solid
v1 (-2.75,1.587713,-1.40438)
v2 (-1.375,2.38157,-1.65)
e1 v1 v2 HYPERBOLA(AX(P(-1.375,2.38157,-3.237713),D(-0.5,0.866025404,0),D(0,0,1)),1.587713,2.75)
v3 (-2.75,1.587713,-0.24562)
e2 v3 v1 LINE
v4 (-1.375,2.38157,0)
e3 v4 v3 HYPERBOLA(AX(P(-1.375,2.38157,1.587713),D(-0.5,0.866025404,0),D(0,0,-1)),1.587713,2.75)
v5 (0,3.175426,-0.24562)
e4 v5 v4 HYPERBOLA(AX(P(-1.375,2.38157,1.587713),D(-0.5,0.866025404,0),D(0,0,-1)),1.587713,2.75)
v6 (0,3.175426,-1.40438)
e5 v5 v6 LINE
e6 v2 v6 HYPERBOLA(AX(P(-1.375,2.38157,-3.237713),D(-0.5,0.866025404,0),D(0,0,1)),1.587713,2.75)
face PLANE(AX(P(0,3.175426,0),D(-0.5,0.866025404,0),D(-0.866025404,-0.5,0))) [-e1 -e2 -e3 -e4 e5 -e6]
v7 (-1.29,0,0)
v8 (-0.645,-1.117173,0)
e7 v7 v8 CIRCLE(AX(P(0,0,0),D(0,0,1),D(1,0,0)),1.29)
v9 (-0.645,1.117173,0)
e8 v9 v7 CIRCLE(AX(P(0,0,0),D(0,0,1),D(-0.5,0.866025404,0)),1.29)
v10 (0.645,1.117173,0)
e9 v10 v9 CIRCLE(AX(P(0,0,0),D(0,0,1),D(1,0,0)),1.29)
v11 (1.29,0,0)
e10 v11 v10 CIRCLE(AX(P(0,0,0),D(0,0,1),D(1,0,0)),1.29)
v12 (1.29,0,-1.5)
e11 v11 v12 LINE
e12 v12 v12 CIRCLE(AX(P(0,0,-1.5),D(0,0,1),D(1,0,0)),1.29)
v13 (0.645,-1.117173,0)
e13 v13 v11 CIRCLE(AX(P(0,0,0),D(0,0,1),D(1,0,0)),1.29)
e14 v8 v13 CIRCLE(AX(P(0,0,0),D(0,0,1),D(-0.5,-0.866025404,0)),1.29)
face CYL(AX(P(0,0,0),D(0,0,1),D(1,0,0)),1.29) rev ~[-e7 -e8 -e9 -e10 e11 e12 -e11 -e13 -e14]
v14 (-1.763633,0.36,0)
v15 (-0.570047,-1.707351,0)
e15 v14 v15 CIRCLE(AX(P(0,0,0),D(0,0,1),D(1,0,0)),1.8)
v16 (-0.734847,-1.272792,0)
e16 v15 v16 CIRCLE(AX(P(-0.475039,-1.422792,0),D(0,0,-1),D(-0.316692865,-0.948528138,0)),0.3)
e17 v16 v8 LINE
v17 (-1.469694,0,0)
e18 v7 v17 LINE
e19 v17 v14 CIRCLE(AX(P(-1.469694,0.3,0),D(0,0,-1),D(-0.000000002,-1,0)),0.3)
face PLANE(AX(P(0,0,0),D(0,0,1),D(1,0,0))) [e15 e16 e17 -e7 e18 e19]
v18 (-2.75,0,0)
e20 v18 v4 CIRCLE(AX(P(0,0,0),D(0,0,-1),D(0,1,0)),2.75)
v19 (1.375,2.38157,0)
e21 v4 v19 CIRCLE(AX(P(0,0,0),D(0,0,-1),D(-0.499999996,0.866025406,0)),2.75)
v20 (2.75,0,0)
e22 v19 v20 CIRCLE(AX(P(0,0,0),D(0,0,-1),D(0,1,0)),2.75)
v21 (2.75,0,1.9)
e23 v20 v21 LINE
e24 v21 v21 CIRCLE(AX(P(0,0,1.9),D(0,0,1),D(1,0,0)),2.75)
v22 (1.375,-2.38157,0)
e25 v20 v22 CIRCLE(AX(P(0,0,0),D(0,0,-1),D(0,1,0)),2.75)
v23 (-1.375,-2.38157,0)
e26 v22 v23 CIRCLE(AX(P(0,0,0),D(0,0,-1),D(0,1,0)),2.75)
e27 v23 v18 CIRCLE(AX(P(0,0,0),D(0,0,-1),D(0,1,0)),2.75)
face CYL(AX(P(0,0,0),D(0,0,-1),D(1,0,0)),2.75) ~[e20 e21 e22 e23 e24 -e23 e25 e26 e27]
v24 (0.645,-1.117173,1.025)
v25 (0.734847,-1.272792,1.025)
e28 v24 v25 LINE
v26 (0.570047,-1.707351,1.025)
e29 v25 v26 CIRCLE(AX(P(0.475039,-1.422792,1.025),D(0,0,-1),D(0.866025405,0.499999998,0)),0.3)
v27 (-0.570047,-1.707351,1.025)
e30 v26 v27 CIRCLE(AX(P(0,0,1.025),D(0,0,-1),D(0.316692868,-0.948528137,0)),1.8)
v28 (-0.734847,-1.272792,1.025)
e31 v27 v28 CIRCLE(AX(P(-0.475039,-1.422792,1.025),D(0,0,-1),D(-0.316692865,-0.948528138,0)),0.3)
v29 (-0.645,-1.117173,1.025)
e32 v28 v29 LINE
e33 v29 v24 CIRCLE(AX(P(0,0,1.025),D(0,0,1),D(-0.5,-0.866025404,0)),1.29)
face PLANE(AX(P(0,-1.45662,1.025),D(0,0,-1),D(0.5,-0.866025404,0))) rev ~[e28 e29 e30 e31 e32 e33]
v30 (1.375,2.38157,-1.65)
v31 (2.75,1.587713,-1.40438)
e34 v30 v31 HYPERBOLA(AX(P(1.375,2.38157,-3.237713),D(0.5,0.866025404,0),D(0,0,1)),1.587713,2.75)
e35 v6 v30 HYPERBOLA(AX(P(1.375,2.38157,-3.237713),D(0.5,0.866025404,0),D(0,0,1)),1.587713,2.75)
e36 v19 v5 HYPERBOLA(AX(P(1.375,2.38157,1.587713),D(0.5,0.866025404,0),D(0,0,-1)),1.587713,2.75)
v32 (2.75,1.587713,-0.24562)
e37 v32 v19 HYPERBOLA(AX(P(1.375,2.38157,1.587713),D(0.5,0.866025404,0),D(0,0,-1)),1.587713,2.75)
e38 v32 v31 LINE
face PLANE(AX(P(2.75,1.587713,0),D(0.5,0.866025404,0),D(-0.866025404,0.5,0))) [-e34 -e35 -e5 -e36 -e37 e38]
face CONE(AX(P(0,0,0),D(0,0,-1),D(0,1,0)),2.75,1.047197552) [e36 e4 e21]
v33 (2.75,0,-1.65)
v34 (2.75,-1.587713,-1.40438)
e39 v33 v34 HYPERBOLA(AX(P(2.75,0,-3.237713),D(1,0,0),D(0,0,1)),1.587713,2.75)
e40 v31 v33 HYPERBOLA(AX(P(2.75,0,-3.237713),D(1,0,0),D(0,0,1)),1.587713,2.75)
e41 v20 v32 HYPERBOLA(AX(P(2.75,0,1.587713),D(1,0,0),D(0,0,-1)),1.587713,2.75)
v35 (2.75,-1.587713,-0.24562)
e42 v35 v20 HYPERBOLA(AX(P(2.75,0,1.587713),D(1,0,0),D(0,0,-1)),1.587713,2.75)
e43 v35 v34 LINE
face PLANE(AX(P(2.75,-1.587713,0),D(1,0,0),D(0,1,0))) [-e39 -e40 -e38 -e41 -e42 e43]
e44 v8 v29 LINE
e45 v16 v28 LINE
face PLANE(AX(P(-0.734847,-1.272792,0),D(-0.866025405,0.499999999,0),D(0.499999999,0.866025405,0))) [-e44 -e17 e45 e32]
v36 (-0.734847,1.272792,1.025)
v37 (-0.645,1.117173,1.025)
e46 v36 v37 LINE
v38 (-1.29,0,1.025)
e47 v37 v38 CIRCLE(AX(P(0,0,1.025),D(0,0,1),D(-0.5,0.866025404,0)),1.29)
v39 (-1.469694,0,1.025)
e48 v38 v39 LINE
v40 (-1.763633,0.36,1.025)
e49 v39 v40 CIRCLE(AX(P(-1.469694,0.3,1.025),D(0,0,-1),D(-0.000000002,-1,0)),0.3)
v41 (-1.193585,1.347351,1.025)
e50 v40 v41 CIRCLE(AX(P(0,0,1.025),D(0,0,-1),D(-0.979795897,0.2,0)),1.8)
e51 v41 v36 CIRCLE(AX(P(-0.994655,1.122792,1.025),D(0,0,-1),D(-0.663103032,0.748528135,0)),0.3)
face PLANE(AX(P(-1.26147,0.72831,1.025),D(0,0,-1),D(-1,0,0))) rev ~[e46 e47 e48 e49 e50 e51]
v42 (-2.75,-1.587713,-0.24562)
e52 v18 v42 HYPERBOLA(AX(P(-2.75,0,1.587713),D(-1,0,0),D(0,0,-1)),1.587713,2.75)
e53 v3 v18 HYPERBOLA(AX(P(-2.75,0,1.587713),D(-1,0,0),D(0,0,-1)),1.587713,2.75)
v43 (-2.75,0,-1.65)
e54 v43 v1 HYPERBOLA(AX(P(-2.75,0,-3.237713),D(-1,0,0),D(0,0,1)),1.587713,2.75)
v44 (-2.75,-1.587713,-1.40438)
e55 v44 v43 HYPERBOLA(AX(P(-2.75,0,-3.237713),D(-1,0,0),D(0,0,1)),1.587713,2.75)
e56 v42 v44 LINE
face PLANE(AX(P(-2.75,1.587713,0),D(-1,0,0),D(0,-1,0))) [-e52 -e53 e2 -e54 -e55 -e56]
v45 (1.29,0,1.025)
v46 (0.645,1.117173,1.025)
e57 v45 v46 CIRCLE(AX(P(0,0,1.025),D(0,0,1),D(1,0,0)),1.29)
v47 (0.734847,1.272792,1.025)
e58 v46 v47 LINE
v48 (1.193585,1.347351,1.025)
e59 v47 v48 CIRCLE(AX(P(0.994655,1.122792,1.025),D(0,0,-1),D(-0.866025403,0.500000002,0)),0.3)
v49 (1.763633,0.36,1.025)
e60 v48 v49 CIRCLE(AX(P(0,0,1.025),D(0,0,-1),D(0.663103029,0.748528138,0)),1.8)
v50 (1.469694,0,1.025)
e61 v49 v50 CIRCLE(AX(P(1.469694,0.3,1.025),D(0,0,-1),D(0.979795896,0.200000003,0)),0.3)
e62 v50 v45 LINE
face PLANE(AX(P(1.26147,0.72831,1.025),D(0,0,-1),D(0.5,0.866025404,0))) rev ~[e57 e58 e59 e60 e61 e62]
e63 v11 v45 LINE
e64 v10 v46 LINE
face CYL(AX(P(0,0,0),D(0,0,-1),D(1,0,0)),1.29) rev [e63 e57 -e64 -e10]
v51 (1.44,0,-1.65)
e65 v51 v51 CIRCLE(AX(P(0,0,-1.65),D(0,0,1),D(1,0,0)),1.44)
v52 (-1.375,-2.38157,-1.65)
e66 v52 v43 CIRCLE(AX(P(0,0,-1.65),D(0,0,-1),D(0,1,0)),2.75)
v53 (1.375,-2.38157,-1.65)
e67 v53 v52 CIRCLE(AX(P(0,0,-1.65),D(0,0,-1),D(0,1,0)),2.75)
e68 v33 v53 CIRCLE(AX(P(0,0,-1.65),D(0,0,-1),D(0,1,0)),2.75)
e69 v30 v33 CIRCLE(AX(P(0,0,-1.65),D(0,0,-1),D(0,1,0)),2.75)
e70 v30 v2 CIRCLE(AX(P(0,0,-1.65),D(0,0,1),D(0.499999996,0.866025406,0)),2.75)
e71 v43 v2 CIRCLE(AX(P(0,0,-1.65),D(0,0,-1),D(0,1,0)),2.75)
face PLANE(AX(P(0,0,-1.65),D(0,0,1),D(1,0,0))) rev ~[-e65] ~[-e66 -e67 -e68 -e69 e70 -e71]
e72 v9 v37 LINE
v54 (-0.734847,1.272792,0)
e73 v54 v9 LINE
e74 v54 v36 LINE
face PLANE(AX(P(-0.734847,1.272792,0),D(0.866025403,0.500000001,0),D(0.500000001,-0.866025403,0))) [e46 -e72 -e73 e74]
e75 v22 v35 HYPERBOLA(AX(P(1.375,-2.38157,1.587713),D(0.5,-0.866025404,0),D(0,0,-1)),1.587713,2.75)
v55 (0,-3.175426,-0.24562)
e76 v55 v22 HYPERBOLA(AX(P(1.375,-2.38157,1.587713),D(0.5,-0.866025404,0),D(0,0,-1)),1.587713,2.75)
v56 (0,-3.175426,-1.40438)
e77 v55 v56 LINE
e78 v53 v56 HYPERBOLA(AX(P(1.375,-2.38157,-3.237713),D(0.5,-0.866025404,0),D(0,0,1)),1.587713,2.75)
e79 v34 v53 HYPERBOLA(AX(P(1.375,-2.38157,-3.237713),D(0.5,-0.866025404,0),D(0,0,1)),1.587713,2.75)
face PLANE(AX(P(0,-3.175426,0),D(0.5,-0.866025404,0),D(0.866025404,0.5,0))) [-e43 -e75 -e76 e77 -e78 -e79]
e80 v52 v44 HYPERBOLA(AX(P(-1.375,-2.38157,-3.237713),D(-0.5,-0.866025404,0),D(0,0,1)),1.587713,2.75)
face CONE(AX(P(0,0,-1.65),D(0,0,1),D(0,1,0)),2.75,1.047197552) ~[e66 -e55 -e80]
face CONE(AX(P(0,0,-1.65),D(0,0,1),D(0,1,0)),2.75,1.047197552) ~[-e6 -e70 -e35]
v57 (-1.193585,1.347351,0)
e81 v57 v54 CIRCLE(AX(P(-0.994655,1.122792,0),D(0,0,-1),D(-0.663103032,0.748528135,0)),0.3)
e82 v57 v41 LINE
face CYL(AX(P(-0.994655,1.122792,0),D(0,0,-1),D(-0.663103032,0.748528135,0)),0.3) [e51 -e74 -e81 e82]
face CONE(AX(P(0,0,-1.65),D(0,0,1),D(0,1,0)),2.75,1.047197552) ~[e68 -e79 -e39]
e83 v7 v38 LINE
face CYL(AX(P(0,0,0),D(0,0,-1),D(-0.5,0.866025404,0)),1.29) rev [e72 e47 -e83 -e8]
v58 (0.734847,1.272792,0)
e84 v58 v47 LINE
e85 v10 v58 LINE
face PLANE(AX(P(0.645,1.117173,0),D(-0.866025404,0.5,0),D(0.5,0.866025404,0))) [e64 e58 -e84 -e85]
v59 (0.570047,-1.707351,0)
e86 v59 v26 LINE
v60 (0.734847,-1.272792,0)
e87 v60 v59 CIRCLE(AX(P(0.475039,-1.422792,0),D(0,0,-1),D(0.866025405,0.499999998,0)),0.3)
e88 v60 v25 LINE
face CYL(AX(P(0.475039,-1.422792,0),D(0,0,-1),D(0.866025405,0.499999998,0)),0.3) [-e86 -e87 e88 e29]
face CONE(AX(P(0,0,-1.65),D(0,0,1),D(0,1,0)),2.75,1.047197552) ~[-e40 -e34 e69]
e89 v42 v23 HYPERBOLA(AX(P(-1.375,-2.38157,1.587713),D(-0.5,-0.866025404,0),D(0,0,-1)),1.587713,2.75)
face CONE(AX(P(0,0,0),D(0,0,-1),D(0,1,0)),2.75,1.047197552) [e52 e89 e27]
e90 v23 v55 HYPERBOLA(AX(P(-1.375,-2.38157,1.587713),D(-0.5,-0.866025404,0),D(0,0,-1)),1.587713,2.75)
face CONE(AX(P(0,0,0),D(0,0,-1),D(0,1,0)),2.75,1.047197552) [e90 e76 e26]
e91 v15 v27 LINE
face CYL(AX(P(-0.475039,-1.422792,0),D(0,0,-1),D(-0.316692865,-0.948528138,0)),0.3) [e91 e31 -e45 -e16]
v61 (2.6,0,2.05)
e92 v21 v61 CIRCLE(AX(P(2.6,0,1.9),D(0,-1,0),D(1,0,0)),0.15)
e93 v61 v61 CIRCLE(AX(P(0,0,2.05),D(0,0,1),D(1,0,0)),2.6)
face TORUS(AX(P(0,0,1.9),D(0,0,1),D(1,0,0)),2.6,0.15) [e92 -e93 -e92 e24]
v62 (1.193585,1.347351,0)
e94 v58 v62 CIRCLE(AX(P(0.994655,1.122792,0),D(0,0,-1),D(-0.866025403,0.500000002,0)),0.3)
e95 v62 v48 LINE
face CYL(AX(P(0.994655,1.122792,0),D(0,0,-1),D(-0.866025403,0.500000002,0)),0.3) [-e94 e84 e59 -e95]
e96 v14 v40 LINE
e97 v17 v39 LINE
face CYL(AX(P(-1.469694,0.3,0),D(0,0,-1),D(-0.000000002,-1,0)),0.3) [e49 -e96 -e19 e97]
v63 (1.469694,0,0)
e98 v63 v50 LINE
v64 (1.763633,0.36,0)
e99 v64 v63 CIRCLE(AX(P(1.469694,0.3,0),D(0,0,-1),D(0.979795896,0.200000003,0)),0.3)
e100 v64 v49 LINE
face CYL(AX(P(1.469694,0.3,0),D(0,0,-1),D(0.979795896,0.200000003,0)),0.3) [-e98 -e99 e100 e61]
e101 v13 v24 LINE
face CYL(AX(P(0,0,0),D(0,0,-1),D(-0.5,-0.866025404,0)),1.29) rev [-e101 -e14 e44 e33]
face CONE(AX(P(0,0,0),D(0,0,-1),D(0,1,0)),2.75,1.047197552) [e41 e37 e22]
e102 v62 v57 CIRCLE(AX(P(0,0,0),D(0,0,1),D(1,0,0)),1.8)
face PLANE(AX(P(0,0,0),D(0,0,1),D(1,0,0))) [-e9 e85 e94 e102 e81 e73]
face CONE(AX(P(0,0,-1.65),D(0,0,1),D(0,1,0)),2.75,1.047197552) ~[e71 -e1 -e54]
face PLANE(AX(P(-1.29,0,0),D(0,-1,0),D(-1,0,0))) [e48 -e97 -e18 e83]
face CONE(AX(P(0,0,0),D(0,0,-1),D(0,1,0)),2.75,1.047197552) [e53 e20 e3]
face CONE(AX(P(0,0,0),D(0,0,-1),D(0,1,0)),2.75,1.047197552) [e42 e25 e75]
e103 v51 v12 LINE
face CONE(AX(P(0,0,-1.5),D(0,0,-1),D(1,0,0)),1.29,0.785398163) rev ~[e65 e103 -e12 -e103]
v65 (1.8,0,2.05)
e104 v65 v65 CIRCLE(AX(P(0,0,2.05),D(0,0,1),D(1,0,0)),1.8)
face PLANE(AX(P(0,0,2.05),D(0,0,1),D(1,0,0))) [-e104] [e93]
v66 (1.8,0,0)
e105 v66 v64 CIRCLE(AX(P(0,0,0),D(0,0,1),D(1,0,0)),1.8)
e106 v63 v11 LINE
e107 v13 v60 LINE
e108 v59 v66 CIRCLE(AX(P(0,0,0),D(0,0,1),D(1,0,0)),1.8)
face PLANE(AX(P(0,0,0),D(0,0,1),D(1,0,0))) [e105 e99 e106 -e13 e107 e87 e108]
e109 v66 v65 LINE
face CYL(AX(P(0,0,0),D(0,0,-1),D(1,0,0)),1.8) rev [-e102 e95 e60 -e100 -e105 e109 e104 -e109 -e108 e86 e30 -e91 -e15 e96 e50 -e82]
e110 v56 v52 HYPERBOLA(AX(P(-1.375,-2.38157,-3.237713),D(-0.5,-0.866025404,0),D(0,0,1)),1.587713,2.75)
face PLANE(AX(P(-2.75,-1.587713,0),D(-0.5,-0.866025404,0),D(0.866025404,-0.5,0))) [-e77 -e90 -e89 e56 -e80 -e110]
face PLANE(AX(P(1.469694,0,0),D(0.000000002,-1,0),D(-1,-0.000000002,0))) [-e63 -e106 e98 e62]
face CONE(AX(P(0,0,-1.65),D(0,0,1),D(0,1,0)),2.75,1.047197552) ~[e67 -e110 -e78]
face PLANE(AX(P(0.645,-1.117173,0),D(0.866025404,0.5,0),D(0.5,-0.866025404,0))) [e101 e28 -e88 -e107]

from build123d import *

# Parameters (mm, degrees)
SKETCH_1_R               = 1.29
EXTRUDE_1_DEPTH          = 1.65
CHAMFER_1_SIZE           = 0.15
SKETCH_3_R               = 2.75
SKETCH_3_R_2             = 1.8
EXTRUDE_2_DEPTH          = 2.05
FILLET_1_R               = 0.15
EXTRUDE_3_DEPTH          = 1.025
PATTERN_CIRCULAR_1_COUNT = 3


with BuildPart() as part:
    # 草图1 → 凸台-拉伸1 (new body)
    with BuildSketch(Plane.XY):
        Polygon((0, 3.175426481), (-2.75, 1.58771324), (-2.75, -1.58771324), (0, -3.175426481), (2.75, -1.58771324), (2.75, 1.58771324), align=None)
        Circle(SKETCH_1_R, mode=Mode.SUBTRACT)
    extrude(amount=-EXTRUDE_1_DEPTH)

    # 草图2 → 切除-旋转1 (revolve, cut)
    with BuildSketch(Plane(origin=(0, 0, 0), x_dir=(0, 0, -1), z_dir=(1, 0, 0))):
        Polygon((0, 2.75), (0.245620093, 3.175426481), (0, 3.175426481), align=None)
        Polygon((1.65, 2.75), (1.404379907, 3.175426481), (1.65, 3.175426481), align=None)
    revolve(axis=Axis((0, 0, 0), (0, 0, -1)), mode=Mode.SUBTRACT)

    # 倒角1
    chamfer_1_edges = [part.edges().sort_by_distance(p)[0] for p in [
        (-1.29, 0, -1.65),
    ]]
    chamfer(chamfer_1_edges, length=CHAMFER_1_SIZE)

    # 草图3 → 凸台-拉伸2 (add)
    with BuildSketch(Plane.XY):
        Circle(SKETCH_3_R)
        Circle(SKETCH_3_R_2, mode=Mode.SUBTRACT)
    extrude(amount=EXTRUDE_2_DEPTH)

    # 圆角1
    fillet_1_edges = [part.edges().sort_by_distance(p)[0] for p in [
        (-2.75, 0, 2.05),
    ]]
    fillet(fillet_1_edges, radius=FILLET_1_R)

    # 草图4 → 凸台-拉伸3 (add)
    with BuildSketch(Plane.XY):
        with BuildLine():
            Line((-1.29, 0), (-1.469693846, 0))
            ThreePointArc((-1.469693846, 0), (-1.702072846, 0.11026334), (-1.763632615, 0.36))
            ThreePointArc((-1.763632615, 0.36), (-1.558845727, 0.9), (-1.193585453, 1.347350647))
            ThreePointArc((-1.193585453, 1.347350647), (-0.946527277, 1.418906654), (-0.734846923, 1.272792206))
            Line((-0.734846923, 1.272792206), (-0.645, 1.117172771))
            ThreePointArc((-0.645, 1.117172771), (-1.117172771, 0.645), (-1.29, 0))
        make_face()
    extrude_3 = extrude(amount=EXTRUDE_3_DEPTH)

    # 阵列(圆周)1: 凸台-拉伸3 ×3 about axis
    pattern_circular_1_axis = Axis((0, 0, 0), (0, 0, 1))
    for i in range(1, PATTERN_CIRCULAR_1_COUNT):
        add(extrude_3.rotate(pattern_circular_1_axis, i * 360 / PATTERN_CIRCULAR_1_COUNT))


solid = part.part
